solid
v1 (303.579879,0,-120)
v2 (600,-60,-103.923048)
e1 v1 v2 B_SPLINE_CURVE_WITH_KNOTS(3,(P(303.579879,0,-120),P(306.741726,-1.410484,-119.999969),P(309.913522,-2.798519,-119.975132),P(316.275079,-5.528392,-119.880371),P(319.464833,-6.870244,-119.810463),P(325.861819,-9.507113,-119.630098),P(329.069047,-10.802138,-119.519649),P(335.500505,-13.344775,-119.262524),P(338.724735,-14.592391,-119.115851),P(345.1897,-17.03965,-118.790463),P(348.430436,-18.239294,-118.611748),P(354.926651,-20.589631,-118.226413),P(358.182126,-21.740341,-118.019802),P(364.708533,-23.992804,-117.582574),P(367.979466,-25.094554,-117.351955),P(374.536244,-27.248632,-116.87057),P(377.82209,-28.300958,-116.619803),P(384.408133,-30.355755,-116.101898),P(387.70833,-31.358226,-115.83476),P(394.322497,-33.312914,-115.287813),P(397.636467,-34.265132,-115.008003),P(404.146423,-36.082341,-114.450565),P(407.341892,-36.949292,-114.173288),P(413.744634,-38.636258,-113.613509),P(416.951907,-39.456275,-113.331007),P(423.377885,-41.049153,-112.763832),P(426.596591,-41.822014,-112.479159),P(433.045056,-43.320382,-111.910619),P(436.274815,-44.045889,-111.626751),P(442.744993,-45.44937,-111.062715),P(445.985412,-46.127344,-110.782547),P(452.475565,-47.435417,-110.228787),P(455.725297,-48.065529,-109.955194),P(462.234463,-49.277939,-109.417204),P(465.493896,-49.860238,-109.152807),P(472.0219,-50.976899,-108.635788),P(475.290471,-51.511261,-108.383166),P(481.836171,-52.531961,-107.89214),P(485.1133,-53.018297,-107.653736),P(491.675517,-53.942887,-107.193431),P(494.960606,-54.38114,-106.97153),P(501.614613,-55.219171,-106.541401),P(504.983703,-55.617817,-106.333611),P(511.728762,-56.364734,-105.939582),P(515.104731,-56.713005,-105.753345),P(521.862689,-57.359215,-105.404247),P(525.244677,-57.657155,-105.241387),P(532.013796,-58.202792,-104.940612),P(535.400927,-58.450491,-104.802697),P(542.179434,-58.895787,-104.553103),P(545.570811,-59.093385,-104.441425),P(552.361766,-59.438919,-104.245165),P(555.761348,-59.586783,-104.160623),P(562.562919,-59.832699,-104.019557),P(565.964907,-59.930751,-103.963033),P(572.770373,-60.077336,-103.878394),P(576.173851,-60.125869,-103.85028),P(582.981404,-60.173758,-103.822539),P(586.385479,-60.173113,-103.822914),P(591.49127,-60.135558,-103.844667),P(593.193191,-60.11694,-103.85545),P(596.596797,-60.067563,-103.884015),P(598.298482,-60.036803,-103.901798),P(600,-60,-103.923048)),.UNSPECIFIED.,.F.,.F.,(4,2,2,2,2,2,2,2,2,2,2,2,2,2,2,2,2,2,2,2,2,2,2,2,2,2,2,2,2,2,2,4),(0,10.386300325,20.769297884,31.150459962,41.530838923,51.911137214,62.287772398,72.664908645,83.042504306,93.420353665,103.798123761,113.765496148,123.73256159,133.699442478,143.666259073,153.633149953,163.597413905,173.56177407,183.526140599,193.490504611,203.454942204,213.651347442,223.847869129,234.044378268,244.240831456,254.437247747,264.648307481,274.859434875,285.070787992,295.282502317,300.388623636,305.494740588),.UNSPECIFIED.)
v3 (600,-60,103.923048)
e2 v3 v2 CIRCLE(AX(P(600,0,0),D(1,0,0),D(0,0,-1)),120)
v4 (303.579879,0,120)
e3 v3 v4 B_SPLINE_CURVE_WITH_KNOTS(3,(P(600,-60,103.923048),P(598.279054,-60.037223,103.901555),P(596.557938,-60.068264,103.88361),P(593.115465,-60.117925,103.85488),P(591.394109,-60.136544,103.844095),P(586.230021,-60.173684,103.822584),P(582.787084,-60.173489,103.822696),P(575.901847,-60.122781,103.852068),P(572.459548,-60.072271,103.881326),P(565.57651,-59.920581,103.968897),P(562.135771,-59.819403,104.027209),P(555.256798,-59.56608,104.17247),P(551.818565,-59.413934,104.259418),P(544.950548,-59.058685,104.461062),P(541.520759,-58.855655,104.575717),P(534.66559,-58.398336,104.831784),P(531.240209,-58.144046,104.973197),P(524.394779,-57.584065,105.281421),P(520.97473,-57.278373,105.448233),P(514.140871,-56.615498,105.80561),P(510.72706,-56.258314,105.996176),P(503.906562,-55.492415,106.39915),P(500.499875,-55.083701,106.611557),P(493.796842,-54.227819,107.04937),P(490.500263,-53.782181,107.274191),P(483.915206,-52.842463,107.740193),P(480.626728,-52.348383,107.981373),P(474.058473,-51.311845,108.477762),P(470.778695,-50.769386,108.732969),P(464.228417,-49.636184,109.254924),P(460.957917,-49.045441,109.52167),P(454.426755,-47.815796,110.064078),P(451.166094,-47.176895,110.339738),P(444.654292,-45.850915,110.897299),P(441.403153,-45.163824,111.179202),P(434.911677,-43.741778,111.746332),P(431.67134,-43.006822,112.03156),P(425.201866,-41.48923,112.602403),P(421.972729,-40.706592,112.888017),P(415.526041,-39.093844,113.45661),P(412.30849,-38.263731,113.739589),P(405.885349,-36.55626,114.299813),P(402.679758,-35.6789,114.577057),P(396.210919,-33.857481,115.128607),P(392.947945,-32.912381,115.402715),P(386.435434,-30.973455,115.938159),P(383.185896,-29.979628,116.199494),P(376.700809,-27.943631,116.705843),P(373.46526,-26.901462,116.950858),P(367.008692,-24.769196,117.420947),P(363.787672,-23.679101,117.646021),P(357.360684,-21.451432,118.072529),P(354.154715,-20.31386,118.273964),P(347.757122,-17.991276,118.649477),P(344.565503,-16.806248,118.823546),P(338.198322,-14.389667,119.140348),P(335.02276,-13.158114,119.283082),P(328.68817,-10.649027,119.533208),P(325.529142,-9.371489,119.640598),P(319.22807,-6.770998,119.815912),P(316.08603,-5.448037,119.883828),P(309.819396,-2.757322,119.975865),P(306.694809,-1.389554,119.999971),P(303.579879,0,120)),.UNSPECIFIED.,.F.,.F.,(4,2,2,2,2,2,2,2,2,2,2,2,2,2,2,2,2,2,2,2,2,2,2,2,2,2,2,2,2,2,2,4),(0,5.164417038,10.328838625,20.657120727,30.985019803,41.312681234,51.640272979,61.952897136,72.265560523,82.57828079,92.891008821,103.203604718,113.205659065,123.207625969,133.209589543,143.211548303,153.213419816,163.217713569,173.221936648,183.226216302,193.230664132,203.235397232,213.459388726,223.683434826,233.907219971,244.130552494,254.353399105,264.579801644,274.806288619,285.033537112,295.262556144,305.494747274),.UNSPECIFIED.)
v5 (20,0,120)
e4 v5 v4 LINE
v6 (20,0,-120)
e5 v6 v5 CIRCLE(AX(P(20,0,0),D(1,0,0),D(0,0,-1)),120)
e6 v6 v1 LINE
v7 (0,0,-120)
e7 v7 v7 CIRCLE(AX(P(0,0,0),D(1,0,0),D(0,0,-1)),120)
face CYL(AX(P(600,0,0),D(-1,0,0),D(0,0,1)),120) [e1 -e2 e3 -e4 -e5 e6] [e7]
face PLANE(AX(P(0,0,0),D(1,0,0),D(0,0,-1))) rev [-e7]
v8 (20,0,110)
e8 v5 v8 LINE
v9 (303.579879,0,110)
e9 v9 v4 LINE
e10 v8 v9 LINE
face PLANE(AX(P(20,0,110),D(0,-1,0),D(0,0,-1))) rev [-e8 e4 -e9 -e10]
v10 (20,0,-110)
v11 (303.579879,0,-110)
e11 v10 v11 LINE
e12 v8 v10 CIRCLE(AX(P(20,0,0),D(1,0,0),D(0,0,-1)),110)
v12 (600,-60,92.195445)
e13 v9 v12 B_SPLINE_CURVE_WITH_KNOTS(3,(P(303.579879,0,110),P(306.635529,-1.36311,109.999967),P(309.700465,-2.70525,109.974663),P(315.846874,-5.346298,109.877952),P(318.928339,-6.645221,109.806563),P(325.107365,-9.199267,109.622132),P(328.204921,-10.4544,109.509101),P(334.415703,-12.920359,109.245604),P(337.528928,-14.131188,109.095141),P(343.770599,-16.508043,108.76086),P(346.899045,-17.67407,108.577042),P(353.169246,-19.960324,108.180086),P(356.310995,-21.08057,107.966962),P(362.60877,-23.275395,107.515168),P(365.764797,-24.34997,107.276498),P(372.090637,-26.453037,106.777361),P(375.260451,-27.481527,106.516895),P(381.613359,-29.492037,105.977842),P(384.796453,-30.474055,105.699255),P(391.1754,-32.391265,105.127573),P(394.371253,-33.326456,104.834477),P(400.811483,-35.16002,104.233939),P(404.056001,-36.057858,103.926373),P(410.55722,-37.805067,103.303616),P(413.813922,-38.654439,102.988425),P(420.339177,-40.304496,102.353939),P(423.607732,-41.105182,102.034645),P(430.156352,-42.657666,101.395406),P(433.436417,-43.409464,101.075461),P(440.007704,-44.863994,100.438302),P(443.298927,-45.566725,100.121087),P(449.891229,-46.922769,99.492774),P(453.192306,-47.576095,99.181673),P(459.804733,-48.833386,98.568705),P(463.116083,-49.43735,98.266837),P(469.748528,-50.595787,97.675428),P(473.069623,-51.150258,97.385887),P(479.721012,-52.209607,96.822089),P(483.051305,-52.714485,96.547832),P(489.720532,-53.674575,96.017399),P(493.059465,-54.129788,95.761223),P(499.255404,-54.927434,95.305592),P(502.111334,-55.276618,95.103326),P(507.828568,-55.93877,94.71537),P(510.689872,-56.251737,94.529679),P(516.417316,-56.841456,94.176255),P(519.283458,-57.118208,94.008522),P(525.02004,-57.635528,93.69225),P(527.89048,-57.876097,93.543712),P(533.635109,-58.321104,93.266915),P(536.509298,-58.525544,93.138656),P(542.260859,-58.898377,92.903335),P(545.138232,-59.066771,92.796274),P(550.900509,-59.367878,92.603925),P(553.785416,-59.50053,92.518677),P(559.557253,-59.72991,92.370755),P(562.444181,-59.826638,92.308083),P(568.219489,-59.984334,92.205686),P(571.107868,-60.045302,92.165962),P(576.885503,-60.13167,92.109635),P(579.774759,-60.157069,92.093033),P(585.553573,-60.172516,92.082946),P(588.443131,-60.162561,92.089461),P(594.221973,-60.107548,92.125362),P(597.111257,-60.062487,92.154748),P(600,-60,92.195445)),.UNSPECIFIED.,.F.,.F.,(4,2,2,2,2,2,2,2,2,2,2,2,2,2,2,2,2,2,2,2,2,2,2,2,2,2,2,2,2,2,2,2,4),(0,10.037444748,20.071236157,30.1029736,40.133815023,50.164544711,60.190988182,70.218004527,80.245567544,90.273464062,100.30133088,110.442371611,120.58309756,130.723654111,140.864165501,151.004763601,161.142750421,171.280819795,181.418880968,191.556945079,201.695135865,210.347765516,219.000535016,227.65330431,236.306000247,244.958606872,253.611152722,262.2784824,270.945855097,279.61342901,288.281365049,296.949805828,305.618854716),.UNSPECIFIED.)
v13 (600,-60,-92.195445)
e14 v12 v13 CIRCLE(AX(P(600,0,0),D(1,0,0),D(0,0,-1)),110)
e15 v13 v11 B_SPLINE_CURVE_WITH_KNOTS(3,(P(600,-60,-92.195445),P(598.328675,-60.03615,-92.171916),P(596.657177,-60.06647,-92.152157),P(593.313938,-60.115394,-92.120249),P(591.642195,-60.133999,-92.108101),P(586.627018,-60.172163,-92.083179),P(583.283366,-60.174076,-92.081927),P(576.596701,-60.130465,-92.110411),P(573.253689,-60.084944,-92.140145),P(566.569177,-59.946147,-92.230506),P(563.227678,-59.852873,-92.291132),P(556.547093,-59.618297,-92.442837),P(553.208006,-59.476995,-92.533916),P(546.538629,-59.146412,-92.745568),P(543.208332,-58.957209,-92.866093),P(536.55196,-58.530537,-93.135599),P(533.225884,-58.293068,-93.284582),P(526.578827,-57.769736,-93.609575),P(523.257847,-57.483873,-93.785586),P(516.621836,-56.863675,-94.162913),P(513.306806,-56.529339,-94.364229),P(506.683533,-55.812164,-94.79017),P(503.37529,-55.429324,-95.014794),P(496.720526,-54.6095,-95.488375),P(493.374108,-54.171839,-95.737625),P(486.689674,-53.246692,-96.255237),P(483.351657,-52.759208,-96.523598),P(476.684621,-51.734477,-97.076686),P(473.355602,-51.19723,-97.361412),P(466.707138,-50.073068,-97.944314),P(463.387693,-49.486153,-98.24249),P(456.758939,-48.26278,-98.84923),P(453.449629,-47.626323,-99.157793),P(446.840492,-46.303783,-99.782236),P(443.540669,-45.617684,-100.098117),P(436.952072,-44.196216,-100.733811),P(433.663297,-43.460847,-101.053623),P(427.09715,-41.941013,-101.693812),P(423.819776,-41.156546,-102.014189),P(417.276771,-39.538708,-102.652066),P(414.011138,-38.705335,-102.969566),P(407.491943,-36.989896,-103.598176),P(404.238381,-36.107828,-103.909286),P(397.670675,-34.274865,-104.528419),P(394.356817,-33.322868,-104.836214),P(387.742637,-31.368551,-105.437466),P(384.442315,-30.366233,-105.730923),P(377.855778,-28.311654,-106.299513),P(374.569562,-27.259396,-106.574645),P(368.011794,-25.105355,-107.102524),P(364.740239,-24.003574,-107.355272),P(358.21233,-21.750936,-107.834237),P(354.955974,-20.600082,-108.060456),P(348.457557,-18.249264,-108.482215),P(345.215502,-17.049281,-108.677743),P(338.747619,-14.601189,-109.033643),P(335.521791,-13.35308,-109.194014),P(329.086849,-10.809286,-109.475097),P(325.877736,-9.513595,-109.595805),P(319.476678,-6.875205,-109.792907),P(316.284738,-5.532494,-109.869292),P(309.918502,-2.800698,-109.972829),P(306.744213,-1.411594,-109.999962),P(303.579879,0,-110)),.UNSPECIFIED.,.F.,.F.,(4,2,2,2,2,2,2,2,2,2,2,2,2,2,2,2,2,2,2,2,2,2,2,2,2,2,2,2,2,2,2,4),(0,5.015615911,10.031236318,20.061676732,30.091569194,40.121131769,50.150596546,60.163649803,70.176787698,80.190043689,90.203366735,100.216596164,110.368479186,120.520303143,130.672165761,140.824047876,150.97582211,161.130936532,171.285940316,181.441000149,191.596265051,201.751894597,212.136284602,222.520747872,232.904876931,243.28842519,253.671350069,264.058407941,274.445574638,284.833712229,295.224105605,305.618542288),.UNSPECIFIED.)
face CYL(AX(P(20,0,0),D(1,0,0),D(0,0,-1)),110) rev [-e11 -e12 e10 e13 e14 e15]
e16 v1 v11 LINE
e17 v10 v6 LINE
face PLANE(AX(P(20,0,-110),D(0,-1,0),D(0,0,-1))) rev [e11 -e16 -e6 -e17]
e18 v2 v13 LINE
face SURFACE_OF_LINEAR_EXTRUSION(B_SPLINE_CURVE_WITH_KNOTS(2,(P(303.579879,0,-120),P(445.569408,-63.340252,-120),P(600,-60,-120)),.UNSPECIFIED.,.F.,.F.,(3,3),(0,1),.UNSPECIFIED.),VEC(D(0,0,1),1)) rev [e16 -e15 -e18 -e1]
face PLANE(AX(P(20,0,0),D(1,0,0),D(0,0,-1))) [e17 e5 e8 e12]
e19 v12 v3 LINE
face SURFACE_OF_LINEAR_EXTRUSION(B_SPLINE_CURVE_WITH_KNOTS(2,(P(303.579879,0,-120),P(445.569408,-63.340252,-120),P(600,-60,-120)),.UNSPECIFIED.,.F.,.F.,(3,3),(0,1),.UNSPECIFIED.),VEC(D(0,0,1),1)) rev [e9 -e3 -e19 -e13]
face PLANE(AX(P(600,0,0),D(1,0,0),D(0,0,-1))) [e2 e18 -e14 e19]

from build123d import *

# Parameters (mm, degrees)
SKETCH1_R               = 120
BOSS_EXTRUDE1_DEPTH     = 600
CUT_EXTRUDE1_START      = -580
CUT_EXTRUDE1_DEPTH      = 580
CUT_EXTRUDE3_DEPTH      = 624.538290725
CUT_EXTRUDE3_DEPTH_BACK = 624.538290725


with BuildPart() as part:
    # Sketch1 → Boss-Extrude1 (new body)
    with BuildSketch(Plane(origin=(0, 0, 0), x_dir=(0, 0, -1), z_dir=(1, 0, 0))):
        Circle(SKETCH1_R)
    extrude(amount=BOSS_EXTRUDE1_DEPTH)

    # Sketch2 → Cut-Extrude1 (cut)
    with BuildSketch(Plane(origin=(600, 0, 0), x_dir=(0, 0, -1), z_dir=(1, 0, 0)).offset(CUT_EXTRUDE1_START)):
        with BuildLine():
            Line((-110, 0), (-120, 0))
            ThreePointArc((-120, 0), (0, 120), (120, 0))
            Line((120, 0), (110, 0))
            ThreePointArc((110, 0), (0, -110), (-110, 0))
        make_face()
    extrude(amount=CUT_EXTRUDE1_DEPTH, mode=Mode.SUBTRACT)

    # Sketch5 → Cut-Extrude3 (cut, two sides: drawn at the far end of the back side and taken through both)
    with BuildSketch(Plane.XY.offset(-CUT_EXTRUDE3_DEPTH_BACK)):
        with BuildLine():
            Line((303.579878798, 0), (600, 0))
            Line((600, 0), (600, -60))
            add(Edge.make_bspline(
                [(303.579878798, 0), (445.56940812, -63.340252394), (600, -60)],
                knots=[0, 0, 0, 1, 1, 1], degree=2))
        make_face()
    extrude(amount=CUT_EXTRUDE3_DEPTH + CUT_EXTRUDE3_DEPTH_BACK, mode=Mode.SUBTRACT)


solid = part.part
